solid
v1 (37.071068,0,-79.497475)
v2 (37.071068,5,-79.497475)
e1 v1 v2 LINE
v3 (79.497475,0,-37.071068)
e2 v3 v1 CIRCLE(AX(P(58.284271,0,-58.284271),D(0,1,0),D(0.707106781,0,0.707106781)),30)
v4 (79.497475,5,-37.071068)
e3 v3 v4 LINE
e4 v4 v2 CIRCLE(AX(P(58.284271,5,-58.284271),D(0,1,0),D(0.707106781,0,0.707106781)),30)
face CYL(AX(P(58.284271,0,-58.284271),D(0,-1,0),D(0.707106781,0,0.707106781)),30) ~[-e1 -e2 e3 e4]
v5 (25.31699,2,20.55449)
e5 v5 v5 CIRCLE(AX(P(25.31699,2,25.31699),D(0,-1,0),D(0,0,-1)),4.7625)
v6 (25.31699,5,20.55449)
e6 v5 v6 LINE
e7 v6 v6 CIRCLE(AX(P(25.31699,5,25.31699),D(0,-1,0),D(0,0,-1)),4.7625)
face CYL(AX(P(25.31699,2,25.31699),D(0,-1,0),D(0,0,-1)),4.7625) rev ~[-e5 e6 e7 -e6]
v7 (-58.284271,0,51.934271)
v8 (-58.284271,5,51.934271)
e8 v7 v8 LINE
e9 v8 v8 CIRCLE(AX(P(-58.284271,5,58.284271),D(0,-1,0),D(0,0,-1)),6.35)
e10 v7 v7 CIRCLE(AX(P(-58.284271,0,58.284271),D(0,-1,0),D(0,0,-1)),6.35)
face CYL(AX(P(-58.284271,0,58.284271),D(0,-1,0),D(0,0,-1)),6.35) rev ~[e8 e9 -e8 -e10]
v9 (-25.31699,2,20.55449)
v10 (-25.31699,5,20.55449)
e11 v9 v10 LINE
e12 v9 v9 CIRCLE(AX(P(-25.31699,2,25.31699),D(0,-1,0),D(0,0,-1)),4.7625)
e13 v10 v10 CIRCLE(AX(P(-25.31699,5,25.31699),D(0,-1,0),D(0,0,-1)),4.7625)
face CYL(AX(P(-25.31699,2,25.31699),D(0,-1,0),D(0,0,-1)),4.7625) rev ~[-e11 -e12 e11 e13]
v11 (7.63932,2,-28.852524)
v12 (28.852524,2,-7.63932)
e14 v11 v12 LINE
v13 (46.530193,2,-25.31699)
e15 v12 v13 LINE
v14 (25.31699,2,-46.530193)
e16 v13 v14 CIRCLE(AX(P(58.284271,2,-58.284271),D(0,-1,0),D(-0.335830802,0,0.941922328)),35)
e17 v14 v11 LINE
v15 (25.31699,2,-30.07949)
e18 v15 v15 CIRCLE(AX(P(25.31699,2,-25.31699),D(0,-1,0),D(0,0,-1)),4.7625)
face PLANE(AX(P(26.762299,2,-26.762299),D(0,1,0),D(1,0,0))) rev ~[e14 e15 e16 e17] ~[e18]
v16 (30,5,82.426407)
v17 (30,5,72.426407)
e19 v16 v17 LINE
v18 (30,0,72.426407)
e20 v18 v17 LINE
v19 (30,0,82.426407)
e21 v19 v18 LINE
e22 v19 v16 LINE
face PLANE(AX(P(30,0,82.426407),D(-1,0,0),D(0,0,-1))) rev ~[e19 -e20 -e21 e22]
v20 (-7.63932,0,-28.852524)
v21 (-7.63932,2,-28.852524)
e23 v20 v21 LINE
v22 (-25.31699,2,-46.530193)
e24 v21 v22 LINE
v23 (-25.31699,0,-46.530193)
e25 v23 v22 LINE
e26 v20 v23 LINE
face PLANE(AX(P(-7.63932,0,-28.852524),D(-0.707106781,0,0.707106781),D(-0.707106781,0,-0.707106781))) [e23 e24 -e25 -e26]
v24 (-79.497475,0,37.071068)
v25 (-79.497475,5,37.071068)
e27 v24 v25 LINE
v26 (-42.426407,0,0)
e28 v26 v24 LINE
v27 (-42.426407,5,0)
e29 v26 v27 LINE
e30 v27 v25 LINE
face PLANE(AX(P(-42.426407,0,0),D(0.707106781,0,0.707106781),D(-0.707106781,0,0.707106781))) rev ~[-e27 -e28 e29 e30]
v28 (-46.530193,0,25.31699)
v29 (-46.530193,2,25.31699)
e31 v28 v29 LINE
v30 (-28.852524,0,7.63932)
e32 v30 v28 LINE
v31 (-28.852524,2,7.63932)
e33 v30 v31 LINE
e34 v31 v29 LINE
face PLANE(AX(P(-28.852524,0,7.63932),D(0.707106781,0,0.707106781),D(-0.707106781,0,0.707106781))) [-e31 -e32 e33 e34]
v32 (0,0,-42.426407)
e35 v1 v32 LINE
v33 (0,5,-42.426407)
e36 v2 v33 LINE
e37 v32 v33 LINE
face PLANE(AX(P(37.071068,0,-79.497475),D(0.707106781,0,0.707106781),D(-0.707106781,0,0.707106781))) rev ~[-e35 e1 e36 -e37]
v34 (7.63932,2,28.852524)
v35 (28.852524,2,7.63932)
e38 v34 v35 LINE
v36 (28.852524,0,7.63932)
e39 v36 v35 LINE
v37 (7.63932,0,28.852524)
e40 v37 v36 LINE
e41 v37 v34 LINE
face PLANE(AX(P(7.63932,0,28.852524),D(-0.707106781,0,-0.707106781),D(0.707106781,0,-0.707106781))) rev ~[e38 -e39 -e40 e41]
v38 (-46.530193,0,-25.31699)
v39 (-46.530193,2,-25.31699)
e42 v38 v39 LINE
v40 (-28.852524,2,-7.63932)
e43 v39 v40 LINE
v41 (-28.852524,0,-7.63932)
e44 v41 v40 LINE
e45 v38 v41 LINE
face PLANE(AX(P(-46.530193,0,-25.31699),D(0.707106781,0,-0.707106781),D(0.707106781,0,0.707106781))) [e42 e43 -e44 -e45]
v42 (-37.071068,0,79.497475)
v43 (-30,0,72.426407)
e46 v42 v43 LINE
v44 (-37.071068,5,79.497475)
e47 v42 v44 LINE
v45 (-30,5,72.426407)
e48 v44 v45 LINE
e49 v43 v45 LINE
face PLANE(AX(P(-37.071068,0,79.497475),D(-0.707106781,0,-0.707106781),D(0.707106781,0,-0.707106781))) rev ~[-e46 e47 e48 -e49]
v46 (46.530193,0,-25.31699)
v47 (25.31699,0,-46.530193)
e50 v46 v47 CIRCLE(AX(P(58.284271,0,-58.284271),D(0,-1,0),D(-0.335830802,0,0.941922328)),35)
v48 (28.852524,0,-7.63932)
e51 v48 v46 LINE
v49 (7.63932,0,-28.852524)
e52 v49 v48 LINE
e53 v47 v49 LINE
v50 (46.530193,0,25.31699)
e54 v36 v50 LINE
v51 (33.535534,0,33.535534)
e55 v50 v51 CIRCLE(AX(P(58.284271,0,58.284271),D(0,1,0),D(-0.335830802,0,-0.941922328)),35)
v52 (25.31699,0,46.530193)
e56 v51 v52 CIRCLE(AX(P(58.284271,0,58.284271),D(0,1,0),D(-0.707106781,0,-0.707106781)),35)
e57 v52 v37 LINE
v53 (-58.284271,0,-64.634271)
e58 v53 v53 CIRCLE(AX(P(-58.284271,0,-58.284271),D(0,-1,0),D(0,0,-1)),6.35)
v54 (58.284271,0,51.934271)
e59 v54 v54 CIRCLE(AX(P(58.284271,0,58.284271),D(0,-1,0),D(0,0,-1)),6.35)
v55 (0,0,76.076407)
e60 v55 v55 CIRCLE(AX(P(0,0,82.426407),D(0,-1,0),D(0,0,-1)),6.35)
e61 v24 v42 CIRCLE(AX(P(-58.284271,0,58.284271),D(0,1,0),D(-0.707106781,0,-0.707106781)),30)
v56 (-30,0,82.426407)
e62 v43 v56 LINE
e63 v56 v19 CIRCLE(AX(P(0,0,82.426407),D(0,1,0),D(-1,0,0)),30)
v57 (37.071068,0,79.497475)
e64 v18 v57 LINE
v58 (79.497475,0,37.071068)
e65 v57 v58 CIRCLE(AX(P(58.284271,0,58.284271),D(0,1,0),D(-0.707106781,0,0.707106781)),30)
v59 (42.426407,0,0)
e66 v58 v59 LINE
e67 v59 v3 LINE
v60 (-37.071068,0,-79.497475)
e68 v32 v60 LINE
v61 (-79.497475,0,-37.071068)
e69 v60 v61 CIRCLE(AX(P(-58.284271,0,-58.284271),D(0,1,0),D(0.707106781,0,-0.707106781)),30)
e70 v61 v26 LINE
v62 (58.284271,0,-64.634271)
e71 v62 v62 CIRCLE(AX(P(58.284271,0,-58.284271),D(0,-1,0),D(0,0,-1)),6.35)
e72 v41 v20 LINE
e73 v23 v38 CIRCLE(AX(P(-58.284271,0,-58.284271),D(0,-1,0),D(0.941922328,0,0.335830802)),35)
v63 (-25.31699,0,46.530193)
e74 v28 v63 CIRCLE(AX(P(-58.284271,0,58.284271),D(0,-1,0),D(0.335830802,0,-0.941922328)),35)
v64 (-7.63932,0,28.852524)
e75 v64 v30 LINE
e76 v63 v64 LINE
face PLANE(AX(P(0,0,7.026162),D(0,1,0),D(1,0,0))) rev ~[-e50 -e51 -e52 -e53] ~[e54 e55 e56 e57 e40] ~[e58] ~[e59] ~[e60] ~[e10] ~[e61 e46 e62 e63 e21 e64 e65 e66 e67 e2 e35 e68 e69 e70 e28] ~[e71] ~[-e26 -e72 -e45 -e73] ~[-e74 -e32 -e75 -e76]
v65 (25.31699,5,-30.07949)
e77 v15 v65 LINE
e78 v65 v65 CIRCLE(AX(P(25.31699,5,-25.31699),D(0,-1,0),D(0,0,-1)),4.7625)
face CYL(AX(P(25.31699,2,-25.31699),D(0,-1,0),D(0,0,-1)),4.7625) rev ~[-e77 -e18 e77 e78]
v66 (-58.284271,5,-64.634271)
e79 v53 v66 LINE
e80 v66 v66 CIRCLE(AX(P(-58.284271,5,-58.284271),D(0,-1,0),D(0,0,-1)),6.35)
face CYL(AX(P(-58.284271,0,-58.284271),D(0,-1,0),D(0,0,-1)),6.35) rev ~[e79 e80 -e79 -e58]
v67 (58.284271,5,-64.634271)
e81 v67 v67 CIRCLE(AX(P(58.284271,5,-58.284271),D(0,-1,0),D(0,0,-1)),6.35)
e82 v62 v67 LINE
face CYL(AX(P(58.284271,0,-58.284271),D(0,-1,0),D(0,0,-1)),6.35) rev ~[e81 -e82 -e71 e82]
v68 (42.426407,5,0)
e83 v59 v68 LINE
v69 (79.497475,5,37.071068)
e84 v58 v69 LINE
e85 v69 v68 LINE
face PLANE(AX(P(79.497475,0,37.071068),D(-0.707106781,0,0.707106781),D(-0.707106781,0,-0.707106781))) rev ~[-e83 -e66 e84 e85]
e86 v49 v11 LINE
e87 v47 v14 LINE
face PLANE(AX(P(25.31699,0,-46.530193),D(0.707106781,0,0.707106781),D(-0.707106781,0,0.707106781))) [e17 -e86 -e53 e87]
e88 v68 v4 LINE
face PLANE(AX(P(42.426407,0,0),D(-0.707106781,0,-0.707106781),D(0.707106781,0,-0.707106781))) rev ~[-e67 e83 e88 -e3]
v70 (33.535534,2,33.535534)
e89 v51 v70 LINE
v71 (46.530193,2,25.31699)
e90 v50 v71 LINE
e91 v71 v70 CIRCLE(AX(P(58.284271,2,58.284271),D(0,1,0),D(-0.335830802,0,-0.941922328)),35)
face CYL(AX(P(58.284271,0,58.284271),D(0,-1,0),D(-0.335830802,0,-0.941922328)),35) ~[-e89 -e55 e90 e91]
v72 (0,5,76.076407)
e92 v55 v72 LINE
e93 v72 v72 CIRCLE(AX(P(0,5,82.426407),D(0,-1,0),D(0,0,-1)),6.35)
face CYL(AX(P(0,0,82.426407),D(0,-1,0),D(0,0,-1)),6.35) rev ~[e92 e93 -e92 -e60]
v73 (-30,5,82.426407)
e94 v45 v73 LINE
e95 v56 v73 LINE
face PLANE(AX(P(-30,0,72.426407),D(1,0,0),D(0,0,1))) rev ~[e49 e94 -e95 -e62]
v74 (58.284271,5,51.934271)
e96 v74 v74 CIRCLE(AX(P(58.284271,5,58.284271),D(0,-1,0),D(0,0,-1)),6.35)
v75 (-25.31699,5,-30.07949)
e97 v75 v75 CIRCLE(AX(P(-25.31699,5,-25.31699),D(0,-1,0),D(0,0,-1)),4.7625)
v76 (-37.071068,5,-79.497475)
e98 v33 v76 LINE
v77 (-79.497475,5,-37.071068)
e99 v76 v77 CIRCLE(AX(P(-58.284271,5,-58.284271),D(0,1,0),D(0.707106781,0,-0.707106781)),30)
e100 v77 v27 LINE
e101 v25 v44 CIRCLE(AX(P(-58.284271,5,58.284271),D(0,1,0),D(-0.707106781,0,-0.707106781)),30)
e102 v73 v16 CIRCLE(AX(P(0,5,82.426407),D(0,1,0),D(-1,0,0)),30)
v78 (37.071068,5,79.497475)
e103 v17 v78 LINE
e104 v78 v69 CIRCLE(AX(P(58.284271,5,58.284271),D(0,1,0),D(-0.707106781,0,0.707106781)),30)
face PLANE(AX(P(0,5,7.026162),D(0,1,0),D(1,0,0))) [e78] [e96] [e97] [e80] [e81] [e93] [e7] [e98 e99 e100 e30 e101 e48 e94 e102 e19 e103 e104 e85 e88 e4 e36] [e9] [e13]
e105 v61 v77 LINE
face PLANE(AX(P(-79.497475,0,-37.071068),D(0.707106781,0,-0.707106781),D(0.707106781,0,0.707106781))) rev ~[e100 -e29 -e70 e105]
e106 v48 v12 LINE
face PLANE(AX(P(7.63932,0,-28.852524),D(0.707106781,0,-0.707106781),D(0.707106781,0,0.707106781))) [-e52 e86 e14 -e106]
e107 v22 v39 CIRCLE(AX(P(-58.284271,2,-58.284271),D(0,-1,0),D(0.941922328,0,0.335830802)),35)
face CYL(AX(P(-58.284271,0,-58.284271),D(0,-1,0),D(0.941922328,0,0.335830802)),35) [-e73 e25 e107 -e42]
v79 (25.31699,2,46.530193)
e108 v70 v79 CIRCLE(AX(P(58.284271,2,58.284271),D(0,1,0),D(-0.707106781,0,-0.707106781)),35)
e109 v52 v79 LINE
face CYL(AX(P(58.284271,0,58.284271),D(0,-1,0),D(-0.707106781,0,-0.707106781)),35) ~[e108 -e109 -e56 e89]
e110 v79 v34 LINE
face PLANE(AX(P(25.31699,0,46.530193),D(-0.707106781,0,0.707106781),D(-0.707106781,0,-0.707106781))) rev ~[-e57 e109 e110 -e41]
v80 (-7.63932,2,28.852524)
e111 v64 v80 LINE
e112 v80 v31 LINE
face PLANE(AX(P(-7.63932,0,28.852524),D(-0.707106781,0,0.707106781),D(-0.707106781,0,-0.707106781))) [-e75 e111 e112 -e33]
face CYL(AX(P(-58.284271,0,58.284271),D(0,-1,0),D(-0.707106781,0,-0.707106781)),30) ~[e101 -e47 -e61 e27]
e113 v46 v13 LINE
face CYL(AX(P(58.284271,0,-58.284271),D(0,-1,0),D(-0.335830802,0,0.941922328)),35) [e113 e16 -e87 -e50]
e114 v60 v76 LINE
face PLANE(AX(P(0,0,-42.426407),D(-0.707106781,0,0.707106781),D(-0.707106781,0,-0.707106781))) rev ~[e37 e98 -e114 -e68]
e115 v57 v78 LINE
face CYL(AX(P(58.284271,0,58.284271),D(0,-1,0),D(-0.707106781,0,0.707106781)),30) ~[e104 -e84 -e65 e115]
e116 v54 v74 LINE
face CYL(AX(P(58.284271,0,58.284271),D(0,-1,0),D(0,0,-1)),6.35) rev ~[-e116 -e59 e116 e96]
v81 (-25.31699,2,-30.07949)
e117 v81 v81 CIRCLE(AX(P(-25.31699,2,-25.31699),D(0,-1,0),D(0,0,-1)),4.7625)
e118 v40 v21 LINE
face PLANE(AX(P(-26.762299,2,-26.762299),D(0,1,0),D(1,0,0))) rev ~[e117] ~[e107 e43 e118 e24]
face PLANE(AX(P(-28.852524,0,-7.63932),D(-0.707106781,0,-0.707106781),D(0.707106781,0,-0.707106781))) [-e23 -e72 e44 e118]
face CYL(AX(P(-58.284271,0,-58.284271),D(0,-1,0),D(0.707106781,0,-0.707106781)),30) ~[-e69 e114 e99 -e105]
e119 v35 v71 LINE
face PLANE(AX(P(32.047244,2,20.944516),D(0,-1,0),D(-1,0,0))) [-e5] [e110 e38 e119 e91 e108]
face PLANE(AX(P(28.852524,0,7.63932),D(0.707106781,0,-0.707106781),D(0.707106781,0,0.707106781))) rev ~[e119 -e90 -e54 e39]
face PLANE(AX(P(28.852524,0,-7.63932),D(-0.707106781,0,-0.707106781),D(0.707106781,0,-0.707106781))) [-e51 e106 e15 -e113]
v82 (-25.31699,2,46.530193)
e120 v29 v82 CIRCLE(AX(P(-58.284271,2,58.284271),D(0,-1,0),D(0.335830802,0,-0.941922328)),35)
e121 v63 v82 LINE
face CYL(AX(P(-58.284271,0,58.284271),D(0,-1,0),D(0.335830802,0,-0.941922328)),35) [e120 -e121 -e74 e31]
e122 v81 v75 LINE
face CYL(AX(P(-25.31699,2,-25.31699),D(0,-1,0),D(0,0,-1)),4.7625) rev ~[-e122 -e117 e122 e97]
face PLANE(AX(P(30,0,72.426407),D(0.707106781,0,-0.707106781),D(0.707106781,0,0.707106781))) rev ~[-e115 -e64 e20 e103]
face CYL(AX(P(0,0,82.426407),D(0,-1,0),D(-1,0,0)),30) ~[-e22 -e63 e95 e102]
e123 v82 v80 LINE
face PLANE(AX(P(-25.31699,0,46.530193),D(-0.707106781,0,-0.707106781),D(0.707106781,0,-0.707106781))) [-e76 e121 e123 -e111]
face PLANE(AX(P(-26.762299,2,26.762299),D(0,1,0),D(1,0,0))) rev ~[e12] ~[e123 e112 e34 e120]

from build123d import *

# Parameters (mm, degrees)
BOSS_EXTRU_1_DEPTH      = 5
ENL_V_MAT_EXTRU_1_DEPTH = 2
ESQUISSE5_R             = 4.7625
ENL_V_MAT_EXTRU_2_DEPTH = 143.978353297
ESQUISSE7_R             = 6.35
ENL_V_MAT_EXTRU_3_DEPTH = 144.034294879


with BuildPart() as part:
    # Esquisse2 → Boss.-Extru.1 (new body)
    with BuildSketch(Plane(origin=(0, 0, 0), x_dir=(1, 0, 0), z_dir=(0, 1, 0))):
        with BuildLine():
            Line((79.497474683, -37.071067812), (42.426406871, 0))
            Line((42.426406871, 0), (79.497474683, 37.071067812))
            ThreePointArc((79.497474683, 37.071067812), (79.497474683, 79.497474683), (37.071067812, 79.497474683))
            Line((37.071067812, 79.497474683), (0, 42.426406871))
            Line((0, 42.426406871), (-37.071067812, 79.497474683))
            ThreePointArc((-37.071067812, 79.497474683), (-79.497474683, 79.497474683), (-79.497474683, 37.071067812))
            Line((-79.497474683, 37.071067812), (-42.426406871, 0))
            Line((-42.426406871, 0), (-79.497474683, -37.071067812))
            ThreePointArc((-79.497474683, -37.071067812), (-79.497474683, -79.497474683), (-37.071067812, -79.497474683))
            Line((-37.071067812, -79.497474683), (-30, -72.426406871))
            Line((-30, -72.426406871), (-30, -82.426406871))
            ThreePointArc((-30, -82.426406871), (0, -112.426406871), (30, -82.426406871))
            Line((30, -82.426406871), (30, -72.426406871))
            Line((30, -72.426406871), (37.071067812, -79.497474683))
            ThreePointArc((37.071067812, -79.497474683), (79.497474683, -79.497474683), (79.497474683, -37.071067812))
        make_face()
    extrude(amount=BOSS_EXTRU_1_DEPTH)

    # Esquisse4 → Enlèv. mat.-Extru.1 (cut)
    with BuildSketch(Plane(origin=(0, 0, 0), x_dir=(-1, 0, 0), z_dir=(0, -1, 0))):
        with BuildLine():
            Line((-33.535533906, -33.535533906), (-18.245921943, -18.245921943))
            Line((-18.245921943, -18.245921943), (-28.852523661, -7.639320225))
            Line((-28.852523661, -7.639320225), (-46.53019319, -25.316989755))
            ThreePointArc((-46.53019319, -25.316989755), (-39.575984314, -28.703872332), (-33.535533906, -33.535533906))
        make_face()
        with BuildLine():
            Line((-7.639320225, -28.852523661), (-18.245921943, -18.245921943))
            Line((-18.245921943, -18.245921943), (-33.535533906, -33.535533906))
            ThreePointArc((-33.535533906, -33.535533906), (-28.703872332, -39.575984314), (-25.316989755, -46.53019319))
            Line((-25.316989755, -46.53019319), (-7.639320225, -28.852523661))
        make_face()
        with BuildLine():
            ThreePointArc((-46.53019319, 25.316989755), (-33.535533906, 33.535533906), (-25.316989755, 46.53019319))
            Line((-25.316989755, 46.53019319), (-7.639320225, 28.852523661))
            Line((-7.639320225, 28.852523661), (-28.852523661, 7.639320225))
            Line((-28.852523661, 7.639320225), (-46.53019319, 25.316989755))
        make_face()
        with BuildLine():
            ThreePointArc((25.316989755, 46.53019319), (33.535533906, 33.535533906), (46.53019319, 25.316989755))
            Line((46.53019319, 25.316989755), (28.852523661, 7.639320225))
            Line((28.852523661, 7.639320225), (7.639320225, 28.852523661))
            Line((7.639320225, 28.852523661), (25.316989755, 46.53019319))
        make_face()
        with BuildLine():
            ThreePointArc((46.53019319, -25.316989755), (33.535533906, -33.535533906), (25.316989755, -46.53019319))
            Line((25.316989755, -46.53019319), (7.639320225, -28.852523661))
            Line((7.639320225, -28.852523661), (28.852523661, -7.639320225))
            Line((28.852523661, -7.639320225), (46.53019319, -25.316989755))
        make_face()
    extrude(amount=-ENL_V_MAT_EXTRU_1_DEPTH, mode=Mode.SUBTRACT)

    # Esquisse5 → Enlèv. mat.-Extru.2 (cut, through all)
    with BuildSketch(Plane(origin=(0, 2, 0), x_dir=(-1, 0, 0), z_dir=(0, -1, 0))):
        with Locations(Location((-25.316989755, -25.316989755, 0), (0, 0, 90))):
            Circle(ESQUISSE5_R)
        with Locations(Location((-25.316989755, 25.316989755, 0), (0, 0, 90))):
            Circle(ESQUISSE5_R)
        with Locations(Location((25.316989755, 25.316989755, 0), (0, 0, 90))):
            Circle(ESQUISSE5_R)
        with Locations(Location((25.316989755, -25.316989755, 0), (0, 0, 90))):
            Circle(ESQUISSE5_R)
    extrude(amount=-ENL_V_MAT_EXTRU_2_DEPTH, mode=Mode.SUBTRACT)

    # Esquisse7 → Enlèv. mat.-Extru.3 (cut, through all)
    with BuildSketch(Plane(origin=(0, 0, 0), x_dir=(-1, 0, 0), z_dir=(0, -1, 0))):
        with Locations(Location((0, -82.426406871, 0), (0, 0, 90))):
            Circle(ESQUISSE7_R)
        with Locations(Location((-58.284271247, -58.284271247, 0), (0, 0, 90))):
            Circle(ESQUISSE7_R)
        with Locations(Location((-58.284271247, 58.284271247, 0), (0, 0, 90))):
            Circle(ESQUISSE7_R)
        with Locations(Location((58.284271247, 58.284271247, 0), (0, 0, 90))):
            Circle(ESQUISSE7_R)
        with Locations(Location((58.284271247, -58.284271247, 0), (0, 0, 90))):
            Circle(ESQUISSE7_R)
    extrude(amount=-ENL_V_MAT_EXTRU_3_DEPTH, mode=Mode.SUBTRACT)


solid = part.part
